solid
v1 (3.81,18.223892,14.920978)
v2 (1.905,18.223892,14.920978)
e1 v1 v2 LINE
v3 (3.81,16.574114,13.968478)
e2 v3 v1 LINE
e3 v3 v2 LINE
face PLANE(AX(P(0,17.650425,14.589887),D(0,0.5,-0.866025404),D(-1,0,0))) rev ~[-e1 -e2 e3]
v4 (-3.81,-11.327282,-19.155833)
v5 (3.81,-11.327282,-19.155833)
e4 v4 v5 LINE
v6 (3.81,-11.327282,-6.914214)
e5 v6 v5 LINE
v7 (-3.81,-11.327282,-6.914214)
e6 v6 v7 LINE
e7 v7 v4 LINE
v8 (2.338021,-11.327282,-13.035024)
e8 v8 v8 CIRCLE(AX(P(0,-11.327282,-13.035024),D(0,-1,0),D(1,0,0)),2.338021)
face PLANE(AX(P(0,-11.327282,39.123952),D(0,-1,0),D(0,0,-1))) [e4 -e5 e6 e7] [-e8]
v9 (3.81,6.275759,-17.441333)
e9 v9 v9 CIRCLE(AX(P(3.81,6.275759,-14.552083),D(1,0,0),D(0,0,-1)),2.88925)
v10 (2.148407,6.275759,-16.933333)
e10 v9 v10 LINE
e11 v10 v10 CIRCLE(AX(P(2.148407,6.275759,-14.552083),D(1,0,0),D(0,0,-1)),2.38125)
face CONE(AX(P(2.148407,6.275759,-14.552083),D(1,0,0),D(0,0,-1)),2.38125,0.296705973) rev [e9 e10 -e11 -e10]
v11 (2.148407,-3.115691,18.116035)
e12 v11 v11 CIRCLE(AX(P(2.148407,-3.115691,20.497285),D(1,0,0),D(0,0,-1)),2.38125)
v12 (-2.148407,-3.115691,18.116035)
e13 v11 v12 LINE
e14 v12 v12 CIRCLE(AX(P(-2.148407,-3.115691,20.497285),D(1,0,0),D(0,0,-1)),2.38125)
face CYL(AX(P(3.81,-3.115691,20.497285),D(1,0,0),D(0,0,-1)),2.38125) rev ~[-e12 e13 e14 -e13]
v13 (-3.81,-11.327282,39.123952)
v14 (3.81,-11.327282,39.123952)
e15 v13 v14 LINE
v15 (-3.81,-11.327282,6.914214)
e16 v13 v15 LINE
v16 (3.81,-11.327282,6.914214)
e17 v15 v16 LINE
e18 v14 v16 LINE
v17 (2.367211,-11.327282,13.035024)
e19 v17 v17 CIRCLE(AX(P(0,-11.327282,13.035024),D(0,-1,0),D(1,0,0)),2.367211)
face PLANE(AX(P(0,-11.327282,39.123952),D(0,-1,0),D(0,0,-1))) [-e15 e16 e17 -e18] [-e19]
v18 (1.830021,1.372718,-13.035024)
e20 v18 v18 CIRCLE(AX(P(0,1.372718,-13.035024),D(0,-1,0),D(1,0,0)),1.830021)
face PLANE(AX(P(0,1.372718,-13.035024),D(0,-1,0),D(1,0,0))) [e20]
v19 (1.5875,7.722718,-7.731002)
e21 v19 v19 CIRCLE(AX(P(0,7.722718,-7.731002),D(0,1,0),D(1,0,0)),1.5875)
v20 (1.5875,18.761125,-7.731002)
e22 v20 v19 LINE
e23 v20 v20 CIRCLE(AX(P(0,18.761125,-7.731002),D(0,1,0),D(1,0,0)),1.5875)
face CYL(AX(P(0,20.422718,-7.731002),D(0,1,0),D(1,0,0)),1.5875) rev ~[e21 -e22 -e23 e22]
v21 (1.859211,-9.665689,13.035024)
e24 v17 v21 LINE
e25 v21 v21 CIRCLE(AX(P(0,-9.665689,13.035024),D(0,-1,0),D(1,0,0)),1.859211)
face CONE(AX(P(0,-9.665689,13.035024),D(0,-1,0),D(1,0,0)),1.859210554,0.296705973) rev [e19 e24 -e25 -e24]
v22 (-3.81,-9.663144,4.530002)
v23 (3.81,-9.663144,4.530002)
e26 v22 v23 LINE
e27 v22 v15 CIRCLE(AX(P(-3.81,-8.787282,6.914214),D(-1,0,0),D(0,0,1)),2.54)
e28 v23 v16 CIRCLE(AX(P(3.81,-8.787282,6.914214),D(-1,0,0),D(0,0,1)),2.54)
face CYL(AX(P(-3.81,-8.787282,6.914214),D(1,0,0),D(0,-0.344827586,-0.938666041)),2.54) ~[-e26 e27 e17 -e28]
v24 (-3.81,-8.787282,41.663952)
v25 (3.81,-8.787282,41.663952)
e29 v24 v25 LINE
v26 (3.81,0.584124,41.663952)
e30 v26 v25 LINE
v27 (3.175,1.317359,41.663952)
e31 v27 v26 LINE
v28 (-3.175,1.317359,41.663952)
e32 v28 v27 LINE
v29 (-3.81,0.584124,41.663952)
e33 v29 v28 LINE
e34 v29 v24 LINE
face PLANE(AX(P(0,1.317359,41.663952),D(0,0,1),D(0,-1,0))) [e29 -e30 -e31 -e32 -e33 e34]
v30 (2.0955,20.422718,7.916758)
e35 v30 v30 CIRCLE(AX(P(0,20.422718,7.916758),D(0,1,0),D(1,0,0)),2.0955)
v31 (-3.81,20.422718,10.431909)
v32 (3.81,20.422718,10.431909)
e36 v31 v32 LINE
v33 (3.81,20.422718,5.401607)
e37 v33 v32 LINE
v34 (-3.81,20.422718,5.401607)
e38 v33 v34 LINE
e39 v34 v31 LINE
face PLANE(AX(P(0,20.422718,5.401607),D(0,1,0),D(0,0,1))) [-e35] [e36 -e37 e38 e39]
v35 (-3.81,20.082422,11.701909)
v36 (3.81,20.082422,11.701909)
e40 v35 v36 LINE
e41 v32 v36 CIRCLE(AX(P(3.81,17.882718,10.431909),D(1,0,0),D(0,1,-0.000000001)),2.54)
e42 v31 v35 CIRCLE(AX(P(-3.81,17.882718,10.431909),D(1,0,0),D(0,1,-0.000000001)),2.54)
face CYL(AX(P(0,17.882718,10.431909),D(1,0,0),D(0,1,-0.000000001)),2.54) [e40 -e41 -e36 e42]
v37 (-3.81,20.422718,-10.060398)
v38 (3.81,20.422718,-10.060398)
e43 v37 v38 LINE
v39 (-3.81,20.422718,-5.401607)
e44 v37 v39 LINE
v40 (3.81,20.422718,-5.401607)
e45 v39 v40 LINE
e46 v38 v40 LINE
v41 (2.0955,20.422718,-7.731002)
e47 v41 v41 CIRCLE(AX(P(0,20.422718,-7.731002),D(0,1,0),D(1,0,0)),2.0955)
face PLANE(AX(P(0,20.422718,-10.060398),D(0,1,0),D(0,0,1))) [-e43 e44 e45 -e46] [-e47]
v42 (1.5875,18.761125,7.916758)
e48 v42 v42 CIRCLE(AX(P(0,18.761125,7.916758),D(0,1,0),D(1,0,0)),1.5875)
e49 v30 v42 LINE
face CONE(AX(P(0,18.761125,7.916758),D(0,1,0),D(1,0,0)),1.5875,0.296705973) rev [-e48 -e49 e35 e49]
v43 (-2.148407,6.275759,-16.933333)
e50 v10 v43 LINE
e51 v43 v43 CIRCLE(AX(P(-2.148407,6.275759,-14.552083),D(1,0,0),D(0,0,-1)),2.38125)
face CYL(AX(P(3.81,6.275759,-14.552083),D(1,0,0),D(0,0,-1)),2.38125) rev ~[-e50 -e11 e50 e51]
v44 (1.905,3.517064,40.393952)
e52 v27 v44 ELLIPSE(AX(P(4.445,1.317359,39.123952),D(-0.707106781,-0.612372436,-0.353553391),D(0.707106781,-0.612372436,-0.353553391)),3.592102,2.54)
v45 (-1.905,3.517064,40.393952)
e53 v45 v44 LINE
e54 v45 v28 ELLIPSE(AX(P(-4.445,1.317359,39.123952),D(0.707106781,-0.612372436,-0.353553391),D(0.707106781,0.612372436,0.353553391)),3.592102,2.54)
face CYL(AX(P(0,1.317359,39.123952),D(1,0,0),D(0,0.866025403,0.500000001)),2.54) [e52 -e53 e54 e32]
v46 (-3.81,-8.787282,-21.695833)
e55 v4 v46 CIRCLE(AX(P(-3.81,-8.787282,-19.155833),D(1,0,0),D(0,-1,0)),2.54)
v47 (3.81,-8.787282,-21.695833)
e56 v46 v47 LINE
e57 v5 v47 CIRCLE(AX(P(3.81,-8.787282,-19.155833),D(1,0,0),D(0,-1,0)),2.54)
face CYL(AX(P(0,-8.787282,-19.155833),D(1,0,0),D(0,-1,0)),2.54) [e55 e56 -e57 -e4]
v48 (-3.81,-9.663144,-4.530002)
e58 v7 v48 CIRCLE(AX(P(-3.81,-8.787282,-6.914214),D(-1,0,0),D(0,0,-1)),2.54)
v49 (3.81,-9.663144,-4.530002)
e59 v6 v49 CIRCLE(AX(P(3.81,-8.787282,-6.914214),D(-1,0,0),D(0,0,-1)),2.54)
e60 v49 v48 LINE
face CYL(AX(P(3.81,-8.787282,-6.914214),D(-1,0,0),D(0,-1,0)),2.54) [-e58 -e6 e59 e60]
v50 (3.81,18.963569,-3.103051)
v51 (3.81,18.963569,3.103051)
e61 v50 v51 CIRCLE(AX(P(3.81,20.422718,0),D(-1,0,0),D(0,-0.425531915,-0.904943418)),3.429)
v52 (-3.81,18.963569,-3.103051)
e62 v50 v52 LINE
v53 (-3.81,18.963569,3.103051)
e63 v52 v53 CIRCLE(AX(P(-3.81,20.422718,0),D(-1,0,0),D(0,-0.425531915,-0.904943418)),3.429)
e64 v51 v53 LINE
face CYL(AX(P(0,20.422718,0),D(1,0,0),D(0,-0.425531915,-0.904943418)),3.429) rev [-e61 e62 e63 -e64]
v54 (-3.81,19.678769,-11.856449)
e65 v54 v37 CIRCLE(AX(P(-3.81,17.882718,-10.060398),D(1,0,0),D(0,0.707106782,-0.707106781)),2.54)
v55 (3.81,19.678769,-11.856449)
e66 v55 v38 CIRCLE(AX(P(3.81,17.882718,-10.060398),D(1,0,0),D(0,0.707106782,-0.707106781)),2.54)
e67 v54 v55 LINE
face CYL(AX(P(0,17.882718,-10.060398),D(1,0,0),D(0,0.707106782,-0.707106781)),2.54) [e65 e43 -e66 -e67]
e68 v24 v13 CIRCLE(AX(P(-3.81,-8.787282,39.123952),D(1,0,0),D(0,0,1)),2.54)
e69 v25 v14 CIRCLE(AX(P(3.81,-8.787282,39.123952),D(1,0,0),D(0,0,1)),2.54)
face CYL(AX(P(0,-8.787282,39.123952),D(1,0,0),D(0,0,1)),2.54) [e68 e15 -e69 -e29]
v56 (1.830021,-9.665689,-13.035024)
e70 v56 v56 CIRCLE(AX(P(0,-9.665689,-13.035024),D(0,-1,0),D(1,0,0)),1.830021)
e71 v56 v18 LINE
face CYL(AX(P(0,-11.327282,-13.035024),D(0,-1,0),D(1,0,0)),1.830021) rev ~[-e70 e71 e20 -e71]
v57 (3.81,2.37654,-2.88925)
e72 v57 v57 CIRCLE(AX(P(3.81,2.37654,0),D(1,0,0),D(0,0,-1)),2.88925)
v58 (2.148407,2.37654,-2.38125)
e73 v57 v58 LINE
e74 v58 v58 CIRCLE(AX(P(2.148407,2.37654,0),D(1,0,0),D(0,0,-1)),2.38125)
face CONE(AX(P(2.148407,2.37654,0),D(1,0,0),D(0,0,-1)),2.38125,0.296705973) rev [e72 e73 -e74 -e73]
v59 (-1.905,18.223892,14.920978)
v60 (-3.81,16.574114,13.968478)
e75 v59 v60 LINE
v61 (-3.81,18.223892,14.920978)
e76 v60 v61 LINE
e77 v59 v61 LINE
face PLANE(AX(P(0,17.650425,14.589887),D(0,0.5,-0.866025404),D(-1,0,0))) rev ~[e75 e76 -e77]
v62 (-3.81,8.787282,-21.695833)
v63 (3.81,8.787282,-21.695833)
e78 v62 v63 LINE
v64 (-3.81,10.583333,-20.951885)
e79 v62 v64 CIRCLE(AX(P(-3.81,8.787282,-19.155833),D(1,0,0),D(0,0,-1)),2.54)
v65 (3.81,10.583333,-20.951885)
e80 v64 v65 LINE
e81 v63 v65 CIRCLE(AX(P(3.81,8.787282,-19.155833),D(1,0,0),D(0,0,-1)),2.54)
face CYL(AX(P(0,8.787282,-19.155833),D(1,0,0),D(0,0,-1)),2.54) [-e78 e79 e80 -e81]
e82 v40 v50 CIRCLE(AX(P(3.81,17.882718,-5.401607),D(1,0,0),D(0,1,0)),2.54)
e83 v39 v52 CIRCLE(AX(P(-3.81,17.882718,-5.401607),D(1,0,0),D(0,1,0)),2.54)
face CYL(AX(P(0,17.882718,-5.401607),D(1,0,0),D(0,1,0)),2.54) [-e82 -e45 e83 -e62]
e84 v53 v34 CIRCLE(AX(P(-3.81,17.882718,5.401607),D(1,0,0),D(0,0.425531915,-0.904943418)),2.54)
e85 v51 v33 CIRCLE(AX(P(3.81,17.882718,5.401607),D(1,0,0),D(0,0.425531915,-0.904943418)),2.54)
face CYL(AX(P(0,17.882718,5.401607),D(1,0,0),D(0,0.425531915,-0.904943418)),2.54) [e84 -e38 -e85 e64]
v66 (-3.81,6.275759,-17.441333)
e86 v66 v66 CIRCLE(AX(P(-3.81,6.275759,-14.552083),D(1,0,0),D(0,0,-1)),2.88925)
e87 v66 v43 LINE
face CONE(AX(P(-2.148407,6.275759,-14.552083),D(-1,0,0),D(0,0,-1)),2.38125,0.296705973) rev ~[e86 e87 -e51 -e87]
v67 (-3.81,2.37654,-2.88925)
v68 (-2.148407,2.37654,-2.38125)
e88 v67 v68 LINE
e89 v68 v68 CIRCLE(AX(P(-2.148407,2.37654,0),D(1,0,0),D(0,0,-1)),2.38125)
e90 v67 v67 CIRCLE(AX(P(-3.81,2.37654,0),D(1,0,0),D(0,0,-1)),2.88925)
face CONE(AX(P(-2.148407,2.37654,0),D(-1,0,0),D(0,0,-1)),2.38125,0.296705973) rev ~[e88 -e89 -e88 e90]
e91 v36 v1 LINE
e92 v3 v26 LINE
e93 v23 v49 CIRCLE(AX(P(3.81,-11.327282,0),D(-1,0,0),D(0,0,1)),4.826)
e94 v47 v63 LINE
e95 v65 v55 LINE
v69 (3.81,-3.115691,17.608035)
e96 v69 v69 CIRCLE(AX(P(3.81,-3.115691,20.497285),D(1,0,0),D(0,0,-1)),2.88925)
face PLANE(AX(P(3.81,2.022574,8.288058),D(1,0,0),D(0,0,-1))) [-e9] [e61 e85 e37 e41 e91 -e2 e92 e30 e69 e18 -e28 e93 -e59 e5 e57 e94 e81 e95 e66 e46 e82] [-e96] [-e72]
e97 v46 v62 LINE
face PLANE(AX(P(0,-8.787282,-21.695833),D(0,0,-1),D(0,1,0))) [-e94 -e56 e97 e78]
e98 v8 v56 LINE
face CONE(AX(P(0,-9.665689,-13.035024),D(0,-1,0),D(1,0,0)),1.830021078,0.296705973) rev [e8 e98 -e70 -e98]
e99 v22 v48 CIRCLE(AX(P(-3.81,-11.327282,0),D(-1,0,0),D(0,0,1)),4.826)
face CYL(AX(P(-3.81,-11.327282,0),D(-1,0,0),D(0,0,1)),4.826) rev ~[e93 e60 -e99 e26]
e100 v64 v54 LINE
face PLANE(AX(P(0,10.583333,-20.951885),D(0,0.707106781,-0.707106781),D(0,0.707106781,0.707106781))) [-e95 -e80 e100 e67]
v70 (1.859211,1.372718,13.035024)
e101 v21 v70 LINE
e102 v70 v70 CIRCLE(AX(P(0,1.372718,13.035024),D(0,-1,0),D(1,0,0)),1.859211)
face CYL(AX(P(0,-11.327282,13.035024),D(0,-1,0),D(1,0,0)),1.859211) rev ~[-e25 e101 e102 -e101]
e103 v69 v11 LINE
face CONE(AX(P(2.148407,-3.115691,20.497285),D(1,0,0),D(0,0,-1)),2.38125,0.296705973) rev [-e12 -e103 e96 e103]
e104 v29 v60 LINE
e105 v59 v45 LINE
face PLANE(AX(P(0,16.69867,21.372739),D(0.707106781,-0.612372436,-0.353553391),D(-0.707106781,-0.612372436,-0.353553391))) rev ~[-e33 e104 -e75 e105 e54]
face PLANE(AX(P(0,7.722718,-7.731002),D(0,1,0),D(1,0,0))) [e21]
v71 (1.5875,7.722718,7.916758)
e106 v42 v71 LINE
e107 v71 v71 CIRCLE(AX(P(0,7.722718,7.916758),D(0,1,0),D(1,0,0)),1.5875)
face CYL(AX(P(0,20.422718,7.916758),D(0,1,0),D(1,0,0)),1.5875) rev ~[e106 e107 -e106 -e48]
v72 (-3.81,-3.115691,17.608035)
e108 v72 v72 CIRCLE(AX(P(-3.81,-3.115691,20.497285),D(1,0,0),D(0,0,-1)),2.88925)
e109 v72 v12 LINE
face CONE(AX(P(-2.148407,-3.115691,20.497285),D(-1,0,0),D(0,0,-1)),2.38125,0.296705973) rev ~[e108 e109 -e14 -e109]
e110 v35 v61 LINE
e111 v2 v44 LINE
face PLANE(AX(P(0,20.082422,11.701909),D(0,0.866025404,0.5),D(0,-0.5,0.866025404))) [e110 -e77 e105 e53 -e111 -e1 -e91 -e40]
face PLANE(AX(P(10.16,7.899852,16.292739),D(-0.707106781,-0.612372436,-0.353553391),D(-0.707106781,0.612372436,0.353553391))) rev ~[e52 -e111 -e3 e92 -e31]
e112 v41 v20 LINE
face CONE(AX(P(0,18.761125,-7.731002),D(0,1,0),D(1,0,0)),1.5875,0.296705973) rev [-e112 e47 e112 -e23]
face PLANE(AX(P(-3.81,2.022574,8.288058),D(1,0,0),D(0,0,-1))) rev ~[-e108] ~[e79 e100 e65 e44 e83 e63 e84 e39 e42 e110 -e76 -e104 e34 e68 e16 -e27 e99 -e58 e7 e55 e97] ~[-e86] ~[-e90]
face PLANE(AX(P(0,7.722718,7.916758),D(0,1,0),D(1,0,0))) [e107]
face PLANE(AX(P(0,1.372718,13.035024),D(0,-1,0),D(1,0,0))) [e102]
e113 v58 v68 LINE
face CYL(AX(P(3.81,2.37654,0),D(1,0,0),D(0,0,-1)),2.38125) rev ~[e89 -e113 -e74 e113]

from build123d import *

# Parameters (mm, degrees)
BOSS_EXTRUDE1_DEPTH     = 3.81
SKETCH2_R               = 2.38125
CUT_EXTRUDE1_DEPTH      = 8.62
CHAMFER1_SIZE           = 0.508
CHAMFER1_SIZE2          = 1.66159313
CHAMFER2_SIZE           = 0.508
CHAMFER2_SIZE2          = 1.66159313
CHAMFER3_SIZE           = 0.508
CHAMFER3_SIZE2          = 1.66159313
CHAMFER4_SIZE           = 0.508
CHAMFER4_SIZE2          = 1.66159313
SKETCH3_R               = 1.5875
CUT_EXTRUDE2_DEPTH      = 12.7
CHAMFER5_SIZE           = 0.508
CHAMFER5_SIZE2          = 1.66159313
CHAMFER5_PART_2_SIZE    = 0.508
CHAMFER5_PART_2_SIZE2   = 1.66159313
SKETCH4_R               = 4.826
CUT_EXTRUDE3_DEPTH      = 8.62
FILLET1_R               = 2.54
SKETCH5_R               = 1.830021078
SKETCH5_R_2             = 1.859210554
CUT_EXTRUDE4_DEPTH      = 12.7
CHAMFER6_SIZE           = 0.508
CHAMFER6_SIZE2          = 1.66159313
CHAMFER6_PART_2_SIZE    = 0.508
CHAMFER6_PART_2_SIZE2   = 1.66159313
CUT_EXTRUDE7_START      = 10.16
CUT_EXTRUDE7_DEPTH      = 42.745681687
CUT_EXTRUDE7_DEPTH_BACK = 6.35


with BuildPart() as part:
    # Sketch1 → Boss-Extrude1 (new body, symmetric)
    with BuildSketch(Plane(origin=(0, 0, 0), x_dir=(0, 0, -1), z_dir=(1, 0, 0))):
        with BuildLine():
            Line((-5.401607261, 20.422717891), (-10.431909051, 20.422717891))
            ThreePointArc((-10.431909051, 20.422717891), (-11.089309426, 20.33616949), (-11.701909051, 20.082422416))
            Line((-11.701909051, 20.082422416), (-40.393951745, 3.517063844))
            ThreePointArc((-40.393951745, 3.517063844), (-41.32365627, 2.587359318), (-41.663951745, 1.317359318))
            Line((-41.663951745, 1.317359318), (-41.663951745, -8.787282109))
            ThreePointArc((-41.663951745, -8.787282109), (-40.920002969, -10.583333333), (-39.123951745, -11.327282109))
            Line((-39.123951745, -11.327282109), (19.155833333, -11.327282109))
            ThreePointArc((19.155833333, -11.327282109), (20.951884558, -10.583333333), (21.695833333, -8.787282109))
            Line((21.695833333, -8.787282109), (21.695833333, 8.787282109))
            ThreePointArc((21.695833333, 8.787282109), (21.502487346, 9.759298027), (20.951884558, 10.583333333))
            Line((20.951884558, 10.583333333), (11.856448776, 19.678769115))
            ThreePointArc((11.856448776, 19.678769115), (11.03241347, 20.229371903), (10.060397552, 20.422717891))
            Line((10.060397552, 20.422717891), (5.401607261, 20.422717891))
            ThreePointArc((5.401607261, 20.422717891), (4.040314071, 20.027124767), (3.10305098, 18.963568955))
            ThreePointArc((3.10305098, 18.963568955), (0, 16.993717891), (-3.10305098, 18.963568955))
            ThreePointArc((-3.10305098, 18.963568955), (-4.040314071, 20.027124767), (-5.401607261, 20.422717891))
        make_face()
    extrude(amount=BOSS_EXTRUDE1_DEPTH, both=True)

    # Sketch2 → Cut-Extrude1 (cut, through all)
    with BuildSketch(Plane(origin=(3.81, 0, 0), x_dir=(0, 0, -1), z_dir=(1, 0, 0))):
        with Locations((14.552083333, 6.275759092)):
            Circle(SKETCH2_R)
        with Locations((0, 2.376540114)):
            Circle(SKETCH2_R)
        with Locations((-20.497285078, -3.115690869)):
            Circle(SKETCH2_R)
    extrude(amount=-CUT_EXTRUDE1_DEPTH, mode=Mode.SUBTRACT)

    # Chamfer1
    chamfer1_edges = [part.edges().sort_by_distance(p)[0] for p in [
        (3.81, 6.275759092, -12.170833333),
        (3.81, 2.376540114, 2.38125),
        (3.81, -3.115690869, 22.878535078),
    ]]
    chamfer1_side = [part.faces().sort_by_distance(p)[0] for p in [
        (3.81, 2.381626515, 7.750929536),
    ]]
    chamfer(chamfer1_edges, length=CHAMFER1_SIZE, length2=CHAMFER1_SIZE2, reference=chamfer1_side[0])

    # Chamfer2
    chamfer2_edges = [part.edges().sort_by_distance(p)[0] for p in [
        (-3.81, -3.115690869, 22.878535078),
    ]]
    chamfer2_side = [part.faces().sort_by_distance(p)[0] for p in [
        (-3.81, 2.381626515, 7.750929536),
    ]]
    chamfer(chamfer2_edges, length=CHAMFER2_SIZE, length2=CHAMFER2_SIZE2, reference=chamfer2_side[0])

    # Chamfer3
    chamfer3_edges = [part.edges().sort_by_distance(p)[0] for p in [
        (-3.81, 2.376540114, 2.38125),
    ]]
    chamfer3_side = [part.faces().sort_by_distance(p)[0] for p in [
        (-3.81, 2.410504504, 7.683971585),
    ]]
    chamfer(chamfer3_edges, length=CHAMFER3_SIZE, length2=CHAMFER3_SIZE2, reference=chamfer3_side[0])

    # Chamfer4
    chamfer4_edges = [part.edges().sort_by_distance(p)[0] for p in [
        (-3.81, 6.275759092, -12.170833333),
    ]]
    chamfer4_side = [part.faces().sort_by_distance(p)[0] for p in [
        (-3.81, 2.410683864, 7.724549459),
    ]]
    chamfer(chamfer4_edges, length=CHAMFER4_SIZE, length2=CHAMFER4_SIZE2, reference=chamfer4_side[0])

    # Sketch3 → Cut-Extrude2 (cut)
    with BuildSketch(Plane(origin=(0, 20.422717891, 0), x_dir=(1, 0, 0), z_dir=(0, 1, 0))):
        with Locations((0, -7.916758156)):
            Circle(SKETCH3_R)
        with Locations((0, 7.731002406)):
            Circle(SKETCH3_R)
    extrude(amount=-CUT_EXTRUDE2_DEPTH, mode=Mode.SUBTRACT)

    # Chamfer5
    chamfer5_edges = [part.edges().sort_by_distance(p)[0] for p in [
        (-1.5875, 20.422717891, 7.916758156),
    ]]
    chamfer5_side = [part.faces().sort_by_distance(p)[0] for p in [
        (0, 20.422717891, 5.492913524),
    ]]
    chamfer(chamfer5_edges, length=CHAMFER5_SIZE, length2=CHAMFER5_SIZE2, reference=chamfer5_side[0])

    # Chamfer5 part 2
    chamfer5_part_2_edges = [part.edges().sort_by_distance(p)[0] for p in [
        (-1.5875, 20.422717891, -7.731002406),
    ]]
    chamfer5_part_2_side = [part.faces().sort_by_distance(p)[0] for p in [
        (0, 20.422717891, -9.971084212),
    ]]
    chamfer(chamfer5_part_2_edges, length=CHAMFER5_PART_2_SIZE, length2=CHAMFER5_PART_2_SIZE2, reference=chamfer5_part_2_side[0])

    # Sketch4 → Cut-Extrude3 (cut, through all)
    with BuildSketch(Plane.ZY.offset(3.81)):
        with Locations((0, -11.327282109)):
            Circle(SKETCH4_R)
    extrude(amount=-CUT_EXTRUDE3_DEPTH, mode=Mode.SUBTRACT)

    # Fillet1
    fillet1_edges = [part.edges().sort_by_distance(p)[0] for p in [
        (0, -11.327282109, -4.826),
        (0, -11.327282109, 4.826),
    ]]
    fillet(fillet1_edges, radius=FILLET1_R)

    # Sketch5 → Cut-Extrude4 (cut)
    with BuildSketch(Plane.XZ.offset(11.327282109)):
        with Locations((0, -13.035023694)):
            Circle(SKETCH5_R)
        with Locations((0, 13.035023694)):
            Circle(SKETCH5_R_2)
    extrude(amount=-CUT_EXTRUDE4_DEPTH, mode=Mode.SUBTRACT)

    # Chamfer6
    chamfer6_edges = [part.edges().sort_by_distance(p)[0] for p in [
        (-1.830021078, -11.327282109, -13.035023694),
    ]]
    chamfer6_side = [part.faces().sort_by_distance(p)[0] for p in [
        (3.665805117, -11.327282109, -13.035023694),
    ]]
    chamfer(chamfer6_edges, length=CHAMFER6_SIZE, length2=CHAMFER6_SIZE2, reference=chamfer6_side[0])

    # Chamfer6 part 2
    chamfer6_part_2_edges = [part.edges().sort_by_distance(p)[0] for p in [
        (-1.859210554, -11.327282109, 13.035023694),
    ]]
    chamfer6_part_2_side = [part.faces().sort_by_distance(p)[0] for p in [
        (0, -11.327282109, 23.481278136),
    ]]
    chamfer(chamfer6_part_2_edges, length=CHAMFER6_PART_2_SIZE, length2=CHAMFER6_PART_2_SIZE2, reference=chamfer6_part_2_side[0])

    # Sketch7 → Cut-Extrude7 (cut, two sides)
    with BuildSketch(Plane(origin=(0, 0, 0), x_dir=(1, 0, 0), z_dir=(0, -0.5, 0.866025404)).offset(CUT_EXTRUDE7_START)) as cut_extrude7_sk:
        Polygon((-10.16, 27.687842508), (10.16, 27.687842508), (10.16, 14.987842508), (0, 25.147842508), (-10.16, 14.987842508), align=None)
    extrude(amount=CUT_EXTRUDE7_DEPTH, mode=Mode.SUBTRACT)
    extrude(cut_extrude7_sk.sketch, amount=-CUT_EXTRUDE7_DEPTH_BACK, mode=Mode.SUBTRACT)


solid = part.part
